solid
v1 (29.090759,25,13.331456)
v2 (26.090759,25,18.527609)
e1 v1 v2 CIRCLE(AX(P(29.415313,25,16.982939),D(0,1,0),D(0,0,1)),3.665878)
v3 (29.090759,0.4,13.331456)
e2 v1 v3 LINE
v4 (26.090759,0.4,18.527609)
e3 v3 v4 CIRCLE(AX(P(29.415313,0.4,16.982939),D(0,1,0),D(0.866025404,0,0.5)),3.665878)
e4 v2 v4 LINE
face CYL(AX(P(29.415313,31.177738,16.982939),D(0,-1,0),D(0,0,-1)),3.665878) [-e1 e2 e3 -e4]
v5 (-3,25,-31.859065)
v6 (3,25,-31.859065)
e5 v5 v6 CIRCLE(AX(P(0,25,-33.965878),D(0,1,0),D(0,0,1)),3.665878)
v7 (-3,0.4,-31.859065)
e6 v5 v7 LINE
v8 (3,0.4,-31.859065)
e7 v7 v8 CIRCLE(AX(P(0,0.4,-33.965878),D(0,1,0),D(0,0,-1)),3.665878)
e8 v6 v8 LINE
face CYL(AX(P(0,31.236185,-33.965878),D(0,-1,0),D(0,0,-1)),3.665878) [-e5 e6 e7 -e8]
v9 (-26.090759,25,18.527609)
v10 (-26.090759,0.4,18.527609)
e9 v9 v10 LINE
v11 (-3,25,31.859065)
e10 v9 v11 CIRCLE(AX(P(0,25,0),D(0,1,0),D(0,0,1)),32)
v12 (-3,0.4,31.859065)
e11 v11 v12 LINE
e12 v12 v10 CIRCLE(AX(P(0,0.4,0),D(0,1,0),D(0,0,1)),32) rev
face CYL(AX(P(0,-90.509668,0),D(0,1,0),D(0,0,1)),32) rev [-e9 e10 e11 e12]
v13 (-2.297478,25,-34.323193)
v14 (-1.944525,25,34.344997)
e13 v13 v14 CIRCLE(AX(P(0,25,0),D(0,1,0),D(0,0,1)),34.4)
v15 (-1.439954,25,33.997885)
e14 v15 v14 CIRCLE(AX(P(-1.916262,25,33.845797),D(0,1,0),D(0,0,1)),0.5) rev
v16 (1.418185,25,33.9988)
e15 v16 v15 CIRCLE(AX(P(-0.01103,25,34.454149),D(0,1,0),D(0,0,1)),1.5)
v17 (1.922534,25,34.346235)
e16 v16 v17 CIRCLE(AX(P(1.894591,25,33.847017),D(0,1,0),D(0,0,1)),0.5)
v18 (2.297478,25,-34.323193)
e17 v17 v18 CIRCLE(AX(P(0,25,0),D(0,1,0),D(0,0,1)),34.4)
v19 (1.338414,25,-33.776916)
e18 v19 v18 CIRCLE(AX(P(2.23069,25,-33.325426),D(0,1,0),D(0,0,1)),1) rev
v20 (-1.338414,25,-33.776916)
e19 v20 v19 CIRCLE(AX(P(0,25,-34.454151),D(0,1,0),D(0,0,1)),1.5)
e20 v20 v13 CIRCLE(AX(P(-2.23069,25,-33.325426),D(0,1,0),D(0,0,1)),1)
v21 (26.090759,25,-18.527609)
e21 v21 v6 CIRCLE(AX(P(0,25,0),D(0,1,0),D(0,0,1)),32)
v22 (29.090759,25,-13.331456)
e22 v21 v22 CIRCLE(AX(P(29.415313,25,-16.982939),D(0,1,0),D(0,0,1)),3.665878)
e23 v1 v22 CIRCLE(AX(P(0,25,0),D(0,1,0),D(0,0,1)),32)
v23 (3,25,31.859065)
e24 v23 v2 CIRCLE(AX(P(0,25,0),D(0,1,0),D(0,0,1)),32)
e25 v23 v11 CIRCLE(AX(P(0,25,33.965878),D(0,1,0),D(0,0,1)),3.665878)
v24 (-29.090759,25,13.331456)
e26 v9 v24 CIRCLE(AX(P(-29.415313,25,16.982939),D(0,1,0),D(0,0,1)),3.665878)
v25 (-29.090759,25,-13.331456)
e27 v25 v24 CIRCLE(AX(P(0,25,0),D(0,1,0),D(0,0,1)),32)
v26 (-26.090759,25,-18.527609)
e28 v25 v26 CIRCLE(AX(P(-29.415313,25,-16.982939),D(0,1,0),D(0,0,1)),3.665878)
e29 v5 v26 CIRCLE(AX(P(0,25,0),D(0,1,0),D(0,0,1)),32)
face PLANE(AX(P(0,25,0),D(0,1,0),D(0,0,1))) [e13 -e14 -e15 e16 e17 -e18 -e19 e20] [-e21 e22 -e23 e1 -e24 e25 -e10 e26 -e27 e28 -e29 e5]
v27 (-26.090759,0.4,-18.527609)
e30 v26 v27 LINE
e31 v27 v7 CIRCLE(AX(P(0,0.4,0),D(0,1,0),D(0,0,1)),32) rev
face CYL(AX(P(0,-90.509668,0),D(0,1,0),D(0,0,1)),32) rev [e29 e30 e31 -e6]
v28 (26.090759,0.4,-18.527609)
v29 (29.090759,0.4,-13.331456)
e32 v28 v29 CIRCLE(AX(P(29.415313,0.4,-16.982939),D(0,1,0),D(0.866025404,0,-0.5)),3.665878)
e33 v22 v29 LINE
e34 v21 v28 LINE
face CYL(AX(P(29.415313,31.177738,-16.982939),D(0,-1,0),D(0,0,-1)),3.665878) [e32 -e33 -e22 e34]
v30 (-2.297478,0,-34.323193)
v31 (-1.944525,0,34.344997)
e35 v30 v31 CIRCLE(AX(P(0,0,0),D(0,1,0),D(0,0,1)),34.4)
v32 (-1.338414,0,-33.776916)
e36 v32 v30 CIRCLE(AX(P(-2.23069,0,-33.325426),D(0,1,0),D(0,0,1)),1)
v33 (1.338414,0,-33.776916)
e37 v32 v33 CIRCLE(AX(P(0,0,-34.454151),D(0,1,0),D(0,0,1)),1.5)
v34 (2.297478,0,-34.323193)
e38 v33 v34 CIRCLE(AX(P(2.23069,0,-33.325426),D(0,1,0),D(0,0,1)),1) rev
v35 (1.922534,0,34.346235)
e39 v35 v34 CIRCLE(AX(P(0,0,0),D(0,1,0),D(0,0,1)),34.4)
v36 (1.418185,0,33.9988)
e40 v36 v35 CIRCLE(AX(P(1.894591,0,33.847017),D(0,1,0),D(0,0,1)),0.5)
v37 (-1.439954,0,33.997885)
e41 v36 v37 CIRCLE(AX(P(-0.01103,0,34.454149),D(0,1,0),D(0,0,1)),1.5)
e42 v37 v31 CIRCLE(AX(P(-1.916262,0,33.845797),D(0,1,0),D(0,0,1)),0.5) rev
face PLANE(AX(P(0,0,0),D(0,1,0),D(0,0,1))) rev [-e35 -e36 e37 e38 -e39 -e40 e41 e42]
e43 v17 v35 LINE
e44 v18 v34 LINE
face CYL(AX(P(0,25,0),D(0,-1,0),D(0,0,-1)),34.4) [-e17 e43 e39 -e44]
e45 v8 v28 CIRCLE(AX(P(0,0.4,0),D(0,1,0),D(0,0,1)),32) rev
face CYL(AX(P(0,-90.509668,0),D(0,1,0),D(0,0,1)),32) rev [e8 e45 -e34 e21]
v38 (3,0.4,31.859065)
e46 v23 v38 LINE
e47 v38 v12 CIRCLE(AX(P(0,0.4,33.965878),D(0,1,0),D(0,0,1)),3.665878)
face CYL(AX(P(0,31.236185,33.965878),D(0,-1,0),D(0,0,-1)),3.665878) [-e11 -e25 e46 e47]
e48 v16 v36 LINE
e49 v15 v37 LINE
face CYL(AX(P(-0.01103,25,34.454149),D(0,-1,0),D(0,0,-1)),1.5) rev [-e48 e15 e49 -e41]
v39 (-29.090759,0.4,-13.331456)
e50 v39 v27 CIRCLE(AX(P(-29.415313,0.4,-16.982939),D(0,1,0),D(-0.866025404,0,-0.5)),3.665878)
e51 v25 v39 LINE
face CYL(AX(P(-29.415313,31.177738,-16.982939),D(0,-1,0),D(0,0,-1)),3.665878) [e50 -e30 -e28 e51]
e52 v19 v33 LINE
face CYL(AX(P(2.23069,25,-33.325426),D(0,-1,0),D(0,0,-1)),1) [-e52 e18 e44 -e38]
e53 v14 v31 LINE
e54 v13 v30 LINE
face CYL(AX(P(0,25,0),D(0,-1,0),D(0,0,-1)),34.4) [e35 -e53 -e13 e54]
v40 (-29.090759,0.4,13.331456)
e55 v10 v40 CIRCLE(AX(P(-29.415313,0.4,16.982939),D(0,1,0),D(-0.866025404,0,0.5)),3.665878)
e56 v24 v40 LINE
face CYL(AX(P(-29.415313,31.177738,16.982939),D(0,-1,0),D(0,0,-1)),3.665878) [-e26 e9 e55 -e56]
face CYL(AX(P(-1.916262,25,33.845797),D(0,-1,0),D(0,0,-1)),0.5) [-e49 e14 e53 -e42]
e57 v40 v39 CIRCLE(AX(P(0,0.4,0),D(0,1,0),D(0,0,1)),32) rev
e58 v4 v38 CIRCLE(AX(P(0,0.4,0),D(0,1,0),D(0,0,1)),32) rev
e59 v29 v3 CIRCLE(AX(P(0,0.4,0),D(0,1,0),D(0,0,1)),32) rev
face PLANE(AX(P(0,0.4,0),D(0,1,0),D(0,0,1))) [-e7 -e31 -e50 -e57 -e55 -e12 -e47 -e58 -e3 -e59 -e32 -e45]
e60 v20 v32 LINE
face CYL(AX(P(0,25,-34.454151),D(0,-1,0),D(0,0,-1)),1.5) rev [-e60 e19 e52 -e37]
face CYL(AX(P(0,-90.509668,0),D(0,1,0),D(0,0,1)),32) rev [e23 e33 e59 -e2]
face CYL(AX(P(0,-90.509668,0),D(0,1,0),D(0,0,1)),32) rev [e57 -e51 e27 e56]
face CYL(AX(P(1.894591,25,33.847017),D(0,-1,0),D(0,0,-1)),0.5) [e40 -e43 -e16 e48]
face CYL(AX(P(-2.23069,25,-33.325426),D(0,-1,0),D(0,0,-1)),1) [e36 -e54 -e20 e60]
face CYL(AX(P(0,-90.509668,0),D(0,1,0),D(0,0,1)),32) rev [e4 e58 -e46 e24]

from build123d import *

# Parameters (mm, degrees)
BOSS_EXTRUDE1_DEPTH = 25
BOSS_EXTRUDE2_DEPTH = 25
SKETCH6_R           = 32
CUT_EXTRUDE2_DEPTH  = 24.6
BOSS_EXTRUDE5_DEPTH = 24.6
CIRPATTERN1_COUNT   = 6


with BuildPart() as part:
    # Sketch1 → Boss-Extrude1 (new body)
    with BuildSketch(Plane(origin=(0, 0, 0), x_dir=(1, 0, 0), z_dir=(0, 1, 0))):
        with BuildLine():
            ThreePointArc((1.418185365, -33.998799682), (1.610940688, -34.258772233), (1.922534331, -34.346235045))
            ThreePointArc((1.922534331, -34.346235045), (34.399487229, -0.187825316), (2.297477624, 34.323193275))
            ThreePointArc((2.297477624, 34.323193275), (1.735753357, 34.194354817), (1.33841429, 33.776916))
            ThreePointArc((1.33841429, 33.776916), (0, 32.954150957), (-1.33841429, 33.776916))
            ThreePointArc((-1.33841429, 33.776916), (-1.735753357, 34.194354817), (-2.297477624, 34.323193275))
            ThreePointArc((-2.297477624, 34.323193275), (-34.399545597, -0.176812713), (-1.944525024, -34.344997051))
            ThreePointArc((-1.944525024, -34.344997051), (-1.632875445, -34.257733763), (-1.439953708, -33.997884682))
            ThreePointArc((-1.439953708, -33.997884682), (-0.010549885, -32.954149268), (1.418185365, -33.998799682))
        make_face()
        with BuildLine():
            Line((-2.417, 3.18717916), (0, 3.18717916))
            Line((0, 3.18717916), (2.417, 3.18717916))
            ThreePointArc((2.417, 3.18717916), (0, -4), (-2.417, 3.18717916))
        make_face(mode=Mode.SUBTRACT)
    extrude(amount=BOSS_EXTRUDE1_DEPTH)

    # Sketch5 → Boss-Extrude2 (add)
    with BuildSketch(Plane.XZ):
        with BuildLine():
            Line((-2.732678298, -4.18717916), (0, -4.18717916))
            Line((0, -4.18717916), (2.732678298, -4.18717916))
            ThreePointArc((2.732678298, -4.18717916), (0, 5), (-2.732678298, -4.18717916))
        make_face()
    extrude(amount=-BOSS_EXTRUDE2_DEPTH)

    # Sketch6 → Cut-Extrude2 (cut)
    with BuildSketch(Plane(origin=(0, 25, 0), x_dir=(1, 0, 0), z_dir=(0, 1, 0))):
        Circle(SKETCH6_R)
    extrude(amount=-CUT_EXTRUDE2_DEPTH, mode=Mode.SUBTRACT)

    # Sketch8 → Boss-Extrude5 (add)
    with BuildSketch(Plane(origin=(0, 0.4, 0), x_dir=(1, 0, 0), z_dir=(0, 1, 0))):
        with BuildLine():
            ThreePointArc((3, 31.859064644), (0, 30.3), (-3, 31.859064644))
            ThreePointArc((-3, 31.859064644), (0, 32), (3, 31.859064644))
        make_face()
    boss_extrude5 = extrude(amount=BOSS_EXTRUDE5_DEPTH)

    # CirPattern1: Boss-Extrude5 ×6 about axis
    cirpattern1_axis = Axis((0, 0, 0), (0, 1, 0))
    for i in range(1, CIRPATTERN1_COUNT):
        add(boss_extrude5.rotate(cirpattern1_axis, i * 360 / CIRPATTERN1_COUNT))


solid = part.part
